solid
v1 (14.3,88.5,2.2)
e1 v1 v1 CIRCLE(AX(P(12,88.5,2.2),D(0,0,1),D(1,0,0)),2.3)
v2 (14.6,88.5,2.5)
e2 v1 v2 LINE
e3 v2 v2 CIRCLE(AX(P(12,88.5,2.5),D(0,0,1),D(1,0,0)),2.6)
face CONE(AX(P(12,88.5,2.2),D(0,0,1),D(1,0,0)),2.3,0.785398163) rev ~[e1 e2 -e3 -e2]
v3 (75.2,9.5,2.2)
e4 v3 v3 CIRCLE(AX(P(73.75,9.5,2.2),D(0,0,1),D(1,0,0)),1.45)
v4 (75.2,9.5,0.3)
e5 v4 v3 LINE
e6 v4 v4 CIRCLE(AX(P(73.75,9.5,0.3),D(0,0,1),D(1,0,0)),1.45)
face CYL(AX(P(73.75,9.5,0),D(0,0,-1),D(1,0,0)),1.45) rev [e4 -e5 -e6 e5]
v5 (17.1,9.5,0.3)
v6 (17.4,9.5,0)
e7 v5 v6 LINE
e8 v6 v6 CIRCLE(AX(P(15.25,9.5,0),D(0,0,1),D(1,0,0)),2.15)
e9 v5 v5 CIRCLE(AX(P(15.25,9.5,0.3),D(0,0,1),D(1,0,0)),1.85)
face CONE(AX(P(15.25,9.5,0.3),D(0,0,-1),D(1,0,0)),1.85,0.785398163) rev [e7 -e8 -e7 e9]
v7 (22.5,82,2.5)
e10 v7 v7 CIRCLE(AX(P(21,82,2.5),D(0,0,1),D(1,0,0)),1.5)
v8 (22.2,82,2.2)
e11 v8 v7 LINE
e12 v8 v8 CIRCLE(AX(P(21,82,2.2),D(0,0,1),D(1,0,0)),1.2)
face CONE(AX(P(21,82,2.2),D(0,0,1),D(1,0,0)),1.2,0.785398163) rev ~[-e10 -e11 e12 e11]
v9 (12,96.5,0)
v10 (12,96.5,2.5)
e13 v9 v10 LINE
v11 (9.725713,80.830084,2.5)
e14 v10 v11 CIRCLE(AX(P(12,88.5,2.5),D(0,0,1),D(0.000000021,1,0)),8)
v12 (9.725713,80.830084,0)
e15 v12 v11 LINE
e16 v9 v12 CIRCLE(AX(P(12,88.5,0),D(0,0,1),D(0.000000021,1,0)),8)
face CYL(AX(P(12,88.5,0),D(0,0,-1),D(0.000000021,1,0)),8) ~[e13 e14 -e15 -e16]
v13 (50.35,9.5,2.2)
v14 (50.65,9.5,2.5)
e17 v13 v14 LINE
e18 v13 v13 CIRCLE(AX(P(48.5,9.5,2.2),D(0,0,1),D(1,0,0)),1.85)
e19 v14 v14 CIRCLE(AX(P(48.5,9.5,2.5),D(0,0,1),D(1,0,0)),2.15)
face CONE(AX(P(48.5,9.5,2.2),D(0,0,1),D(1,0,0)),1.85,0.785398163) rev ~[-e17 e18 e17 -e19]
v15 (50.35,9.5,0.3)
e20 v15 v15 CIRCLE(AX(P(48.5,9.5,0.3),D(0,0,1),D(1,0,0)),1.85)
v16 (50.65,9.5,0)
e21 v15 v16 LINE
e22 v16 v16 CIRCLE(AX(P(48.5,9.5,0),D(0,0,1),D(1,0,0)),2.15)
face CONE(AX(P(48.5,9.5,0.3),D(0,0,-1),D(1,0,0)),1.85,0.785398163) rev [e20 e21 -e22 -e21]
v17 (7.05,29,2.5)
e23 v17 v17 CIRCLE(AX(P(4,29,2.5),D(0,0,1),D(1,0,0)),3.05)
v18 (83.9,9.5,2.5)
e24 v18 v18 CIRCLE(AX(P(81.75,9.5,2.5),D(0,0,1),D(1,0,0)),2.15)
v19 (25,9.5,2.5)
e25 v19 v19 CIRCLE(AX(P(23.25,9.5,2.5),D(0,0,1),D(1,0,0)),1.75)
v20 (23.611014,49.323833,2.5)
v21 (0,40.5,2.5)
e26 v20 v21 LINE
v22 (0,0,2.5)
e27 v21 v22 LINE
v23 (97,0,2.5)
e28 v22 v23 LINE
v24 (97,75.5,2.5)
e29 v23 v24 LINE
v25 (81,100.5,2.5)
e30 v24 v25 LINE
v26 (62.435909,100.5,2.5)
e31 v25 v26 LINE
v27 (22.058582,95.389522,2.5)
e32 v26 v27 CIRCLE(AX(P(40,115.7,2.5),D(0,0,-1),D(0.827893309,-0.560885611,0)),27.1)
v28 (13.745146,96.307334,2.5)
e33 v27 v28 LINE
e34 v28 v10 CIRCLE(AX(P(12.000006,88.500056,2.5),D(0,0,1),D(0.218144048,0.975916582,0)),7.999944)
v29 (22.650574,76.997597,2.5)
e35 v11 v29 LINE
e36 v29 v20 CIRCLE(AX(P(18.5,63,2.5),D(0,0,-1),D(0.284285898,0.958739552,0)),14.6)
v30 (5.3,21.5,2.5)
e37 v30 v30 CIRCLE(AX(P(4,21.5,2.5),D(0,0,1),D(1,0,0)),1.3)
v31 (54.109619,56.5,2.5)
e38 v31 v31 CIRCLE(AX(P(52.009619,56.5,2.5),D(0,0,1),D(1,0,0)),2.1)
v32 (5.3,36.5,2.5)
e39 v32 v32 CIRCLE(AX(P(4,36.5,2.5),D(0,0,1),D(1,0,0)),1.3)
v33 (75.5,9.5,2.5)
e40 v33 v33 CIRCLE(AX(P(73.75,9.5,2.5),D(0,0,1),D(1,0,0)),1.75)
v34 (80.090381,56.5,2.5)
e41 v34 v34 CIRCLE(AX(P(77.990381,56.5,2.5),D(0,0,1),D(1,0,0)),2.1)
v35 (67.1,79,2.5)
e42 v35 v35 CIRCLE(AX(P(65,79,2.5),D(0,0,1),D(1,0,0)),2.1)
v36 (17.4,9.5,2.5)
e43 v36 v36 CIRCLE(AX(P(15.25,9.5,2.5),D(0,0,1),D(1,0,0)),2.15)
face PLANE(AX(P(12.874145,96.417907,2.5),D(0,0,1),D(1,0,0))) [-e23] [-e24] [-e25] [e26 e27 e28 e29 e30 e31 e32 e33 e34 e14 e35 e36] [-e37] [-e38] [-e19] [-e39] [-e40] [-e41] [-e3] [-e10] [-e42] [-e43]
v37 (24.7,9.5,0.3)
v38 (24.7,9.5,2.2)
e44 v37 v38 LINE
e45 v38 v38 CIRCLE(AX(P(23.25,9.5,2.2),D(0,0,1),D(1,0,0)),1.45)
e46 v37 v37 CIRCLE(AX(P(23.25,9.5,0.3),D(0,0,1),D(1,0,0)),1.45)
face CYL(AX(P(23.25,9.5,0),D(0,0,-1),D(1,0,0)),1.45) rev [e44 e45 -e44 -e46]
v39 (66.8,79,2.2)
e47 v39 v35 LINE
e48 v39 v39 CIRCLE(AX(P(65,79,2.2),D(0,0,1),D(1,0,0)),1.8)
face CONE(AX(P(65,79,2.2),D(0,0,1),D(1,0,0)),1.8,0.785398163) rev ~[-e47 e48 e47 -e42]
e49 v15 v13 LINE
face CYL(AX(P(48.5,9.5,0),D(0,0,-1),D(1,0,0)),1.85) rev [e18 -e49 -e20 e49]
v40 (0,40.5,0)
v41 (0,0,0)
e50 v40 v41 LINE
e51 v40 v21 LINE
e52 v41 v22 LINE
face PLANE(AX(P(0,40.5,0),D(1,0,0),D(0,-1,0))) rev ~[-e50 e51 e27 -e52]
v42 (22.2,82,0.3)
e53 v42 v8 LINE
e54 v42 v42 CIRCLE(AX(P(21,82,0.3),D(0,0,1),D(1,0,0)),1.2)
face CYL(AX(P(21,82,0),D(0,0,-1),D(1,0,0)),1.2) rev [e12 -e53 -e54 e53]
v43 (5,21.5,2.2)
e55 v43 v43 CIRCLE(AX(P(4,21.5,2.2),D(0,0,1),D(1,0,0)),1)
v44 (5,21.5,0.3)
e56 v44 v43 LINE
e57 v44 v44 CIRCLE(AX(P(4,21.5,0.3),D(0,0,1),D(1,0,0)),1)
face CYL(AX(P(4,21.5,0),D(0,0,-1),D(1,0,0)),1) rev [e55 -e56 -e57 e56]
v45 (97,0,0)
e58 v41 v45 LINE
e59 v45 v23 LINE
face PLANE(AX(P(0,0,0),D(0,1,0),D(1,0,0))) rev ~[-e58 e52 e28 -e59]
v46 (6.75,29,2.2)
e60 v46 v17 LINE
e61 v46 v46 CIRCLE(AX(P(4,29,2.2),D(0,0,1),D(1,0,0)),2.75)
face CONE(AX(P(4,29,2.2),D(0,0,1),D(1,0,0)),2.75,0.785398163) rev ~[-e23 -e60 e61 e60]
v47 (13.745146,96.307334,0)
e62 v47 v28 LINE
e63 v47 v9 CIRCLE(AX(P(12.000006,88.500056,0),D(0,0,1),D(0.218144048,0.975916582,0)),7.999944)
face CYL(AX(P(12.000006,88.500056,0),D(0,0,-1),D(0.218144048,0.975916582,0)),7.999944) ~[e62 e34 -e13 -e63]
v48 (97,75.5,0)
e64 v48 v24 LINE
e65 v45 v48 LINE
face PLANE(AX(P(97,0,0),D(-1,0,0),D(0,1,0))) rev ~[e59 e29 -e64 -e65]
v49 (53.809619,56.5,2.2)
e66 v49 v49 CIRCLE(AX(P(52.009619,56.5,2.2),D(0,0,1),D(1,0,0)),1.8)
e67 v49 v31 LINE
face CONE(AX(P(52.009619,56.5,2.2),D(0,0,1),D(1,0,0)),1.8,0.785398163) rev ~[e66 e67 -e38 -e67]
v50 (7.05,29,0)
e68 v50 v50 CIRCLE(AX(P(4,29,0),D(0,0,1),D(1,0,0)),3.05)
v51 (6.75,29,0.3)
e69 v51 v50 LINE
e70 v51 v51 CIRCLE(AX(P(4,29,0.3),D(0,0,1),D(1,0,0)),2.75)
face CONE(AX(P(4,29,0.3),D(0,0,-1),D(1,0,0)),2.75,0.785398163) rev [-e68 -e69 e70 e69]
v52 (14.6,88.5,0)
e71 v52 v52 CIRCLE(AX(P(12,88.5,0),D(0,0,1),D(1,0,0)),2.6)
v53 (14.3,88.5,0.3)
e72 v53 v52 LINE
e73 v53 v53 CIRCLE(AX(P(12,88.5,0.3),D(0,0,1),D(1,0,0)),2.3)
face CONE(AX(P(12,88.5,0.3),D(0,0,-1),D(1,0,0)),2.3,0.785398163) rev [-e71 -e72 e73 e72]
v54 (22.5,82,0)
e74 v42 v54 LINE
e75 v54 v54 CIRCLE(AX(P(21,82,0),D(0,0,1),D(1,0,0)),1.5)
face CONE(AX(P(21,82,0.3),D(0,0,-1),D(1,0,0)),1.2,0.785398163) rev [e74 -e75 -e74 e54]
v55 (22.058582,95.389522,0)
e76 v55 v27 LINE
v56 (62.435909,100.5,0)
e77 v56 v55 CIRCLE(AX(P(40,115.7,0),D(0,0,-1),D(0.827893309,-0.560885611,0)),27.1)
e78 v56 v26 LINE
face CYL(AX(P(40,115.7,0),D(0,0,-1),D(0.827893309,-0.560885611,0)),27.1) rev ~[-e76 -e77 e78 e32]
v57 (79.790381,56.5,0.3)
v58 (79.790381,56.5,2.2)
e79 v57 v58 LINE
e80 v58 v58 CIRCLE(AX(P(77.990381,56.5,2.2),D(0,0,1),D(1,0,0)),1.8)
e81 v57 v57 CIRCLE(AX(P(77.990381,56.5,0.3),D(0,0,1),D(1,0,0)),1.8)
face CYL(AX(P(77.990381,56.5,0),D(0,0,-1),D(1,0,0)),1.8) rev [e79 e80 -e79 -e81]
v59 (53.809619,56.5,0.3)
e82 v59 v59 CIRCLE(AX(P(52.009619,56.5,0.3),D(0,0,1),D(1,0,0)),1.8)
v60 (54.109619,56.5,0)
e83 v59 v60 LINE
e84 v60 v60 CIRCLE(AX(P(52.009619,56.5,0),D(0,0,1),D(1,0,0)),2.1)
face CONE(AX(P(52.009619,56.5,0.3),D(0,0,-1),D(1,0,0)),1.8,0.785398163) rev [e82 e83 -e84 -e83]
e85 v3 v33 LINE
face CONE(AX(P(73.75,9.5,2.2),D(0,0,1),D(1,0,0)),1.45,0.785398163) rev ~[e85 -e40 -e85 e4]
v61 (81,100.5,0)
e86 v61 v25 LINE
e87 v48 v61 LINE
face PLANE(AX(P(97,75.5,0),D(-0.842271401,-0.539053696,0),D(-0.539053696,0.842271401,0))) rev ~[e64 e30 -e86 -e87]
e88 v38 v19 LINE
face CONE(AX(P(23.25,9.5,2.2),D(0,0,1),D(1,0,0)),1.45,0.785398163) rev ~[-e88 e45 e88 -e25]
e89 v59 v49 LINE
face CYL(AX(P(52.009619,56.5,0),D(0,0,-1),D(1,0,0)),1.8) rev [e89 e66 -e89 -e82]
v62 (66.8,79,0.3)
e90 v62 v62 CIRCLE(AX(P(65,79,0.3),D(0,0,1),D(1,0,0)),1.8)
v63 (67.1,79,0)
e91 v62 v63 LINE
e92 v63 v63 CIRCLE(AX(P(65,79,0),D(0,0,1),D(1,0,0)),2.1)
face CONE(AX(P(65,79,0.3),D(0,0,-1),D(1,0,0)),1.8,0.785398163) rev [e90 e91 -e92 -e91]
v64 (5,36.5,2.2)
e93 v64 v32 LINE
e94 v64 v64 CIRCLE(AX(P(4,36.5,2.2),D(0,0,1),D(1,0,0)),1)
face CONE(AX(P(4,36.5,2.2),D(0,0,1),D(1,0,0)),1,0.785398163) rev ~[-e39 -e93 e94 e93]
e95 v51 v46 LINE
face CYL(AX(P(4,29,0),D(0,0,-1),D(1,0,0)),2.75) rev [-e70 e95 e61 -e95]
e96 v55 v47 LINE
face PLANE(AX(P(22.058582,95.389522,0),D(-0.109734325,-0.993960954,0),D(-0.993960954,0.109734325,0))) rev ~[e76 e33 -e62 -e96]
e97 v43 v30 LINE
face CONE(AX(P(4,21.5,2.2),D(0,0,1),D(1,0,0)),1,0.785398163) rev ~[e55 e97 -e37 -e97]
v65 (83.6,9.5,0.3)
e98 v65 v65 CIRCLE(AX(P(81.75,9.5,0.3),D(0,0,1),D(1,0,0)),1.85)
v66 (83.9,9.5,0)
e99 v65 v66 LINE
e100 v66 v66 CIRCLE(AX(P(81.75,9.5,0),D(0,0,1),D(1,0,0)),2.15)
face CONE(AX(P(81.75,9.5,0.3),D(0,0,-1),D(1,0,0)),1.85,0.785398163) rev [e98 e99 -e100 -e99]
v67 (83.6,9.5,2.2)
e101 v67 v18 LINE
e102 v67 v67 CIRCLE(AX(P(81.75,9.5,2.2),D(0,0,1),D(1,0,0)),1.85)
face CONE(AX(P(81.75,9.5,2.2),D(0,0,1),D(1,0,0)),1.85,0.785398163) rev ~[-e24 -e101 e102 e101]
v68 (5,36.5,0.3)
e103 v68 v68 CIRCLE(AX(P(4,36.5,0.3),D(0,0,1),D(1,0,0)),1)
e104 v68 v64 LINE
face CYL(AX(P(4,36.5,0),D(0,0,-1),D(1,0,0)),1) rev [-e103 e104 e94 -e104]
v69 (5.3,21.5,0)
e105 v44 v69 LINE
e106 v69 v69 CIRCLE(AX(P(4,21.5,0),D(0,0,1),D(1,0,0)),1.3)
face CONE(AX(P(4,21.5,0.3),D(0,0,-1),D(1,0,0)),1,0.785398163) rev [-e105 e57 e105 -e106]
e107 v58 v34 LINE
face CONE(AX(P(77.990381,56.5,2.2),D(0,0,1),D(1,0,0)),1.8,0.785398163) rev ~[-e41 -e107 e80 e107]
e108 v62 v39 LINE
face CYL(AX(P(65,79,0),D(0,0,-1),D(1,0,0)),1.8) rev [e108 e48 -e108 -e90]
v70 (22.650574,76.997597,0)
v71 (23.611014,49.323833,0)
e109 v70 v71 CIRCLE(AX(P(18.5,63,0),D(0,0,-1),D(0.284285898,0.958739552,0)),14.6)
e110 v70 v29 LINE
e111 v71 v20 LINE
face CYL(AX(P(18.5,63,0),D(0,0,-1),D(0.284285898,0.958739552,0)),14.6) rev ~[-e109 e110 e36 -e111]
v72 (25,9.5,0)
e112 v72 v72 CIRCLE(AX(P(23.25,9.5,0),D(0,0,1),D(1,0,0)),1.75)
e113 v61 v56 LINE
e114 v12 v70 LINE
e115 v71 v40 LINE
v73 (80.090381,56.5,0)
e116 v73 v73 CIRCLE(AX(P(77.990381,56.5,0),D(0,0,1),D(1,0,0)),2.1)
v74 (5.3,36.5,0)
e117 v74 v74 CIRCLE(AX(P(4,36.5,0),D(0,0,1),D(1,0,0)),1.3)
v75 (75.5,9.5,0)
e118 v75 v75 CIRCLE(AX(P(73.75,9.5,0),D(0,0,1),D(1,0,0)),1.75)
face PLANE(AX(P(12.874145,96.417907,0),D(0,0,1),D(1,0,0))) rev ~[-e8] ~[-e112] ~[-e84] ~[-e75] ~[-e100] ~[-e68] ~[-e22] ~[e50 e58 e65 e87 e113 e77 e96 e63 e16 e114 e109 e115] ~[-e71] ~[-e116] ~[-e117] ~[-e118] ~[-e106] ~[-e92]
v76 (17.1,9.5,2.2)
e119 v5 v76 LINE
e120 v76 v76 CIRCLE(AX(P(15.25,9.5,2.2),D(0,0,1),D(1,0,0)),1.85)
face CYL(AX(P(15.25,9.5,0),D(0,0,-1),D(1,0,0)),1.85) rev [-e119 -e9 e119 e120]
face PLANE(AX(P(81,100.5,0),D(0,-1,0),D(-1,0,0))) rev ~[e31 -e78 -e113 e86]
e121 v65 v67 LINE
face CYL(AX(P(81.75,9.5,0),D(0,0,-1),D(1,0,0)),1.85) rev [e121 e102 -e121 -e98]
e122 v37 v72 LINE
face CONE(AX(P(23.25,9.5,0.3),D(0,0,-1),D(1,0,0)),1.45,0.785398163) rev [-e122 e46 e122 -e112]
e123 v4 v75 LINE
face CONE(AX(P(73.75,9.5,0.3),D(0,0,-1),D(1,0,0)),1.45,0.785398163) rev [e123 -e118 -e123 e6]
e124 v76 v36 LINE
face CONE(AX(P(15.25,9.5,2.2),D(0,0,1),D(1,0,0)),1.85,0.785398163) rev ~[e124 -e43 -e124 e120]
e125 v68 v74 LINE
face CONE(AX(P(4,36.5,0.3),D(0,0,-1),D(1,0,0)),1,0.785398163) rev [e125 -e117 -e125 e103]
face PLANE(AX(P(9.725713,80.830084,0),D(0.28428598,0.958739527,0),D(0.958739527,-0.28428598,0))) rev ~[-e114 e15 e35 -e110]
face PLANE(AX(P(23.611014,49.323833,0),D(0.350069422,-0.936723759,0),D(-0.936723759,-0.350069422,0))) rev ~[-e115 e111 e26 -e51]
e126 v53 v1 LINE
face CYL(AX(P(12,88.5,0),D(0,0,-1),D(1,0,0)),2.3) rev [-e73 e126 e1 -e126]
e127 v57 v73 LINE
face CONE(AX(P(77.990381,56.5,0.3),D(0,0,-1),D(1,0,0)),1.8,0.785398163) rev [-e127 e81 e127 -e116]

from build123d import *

# Parameters (mm, degrees)
F0_R     = 1.85
F0_R_2   = 1.45
F0_R_3   = 1
F0_R_4   = 2.75
F0_R_5   = 1.2
F0_R_6   = 2.3
F0_R_7   = 1.8
F1_DEPTH = 2.5
F2_SIZE  = 0.3


with BuildPart() as f1:
    # F0 (on Top) → F1 (new body)
    with BuildSketch(Plane.XY):
        with BuildLine():
            ThreePointArc((13.745146, 96.307334), (12.877874, 96.451688), (12, 96.5))
            Line((12, 96.5), (13.745146, 96.307334))
        make_face()
        with BuildLine():
            Line((0, 40.5), (0, 0))
            Line((0, 0), (97, 0))
            Line((97, 0), (97, 75.5))
            Line((97, 75.5), (81, 100.5))
            Line((81, 100.5), (62.435909, 100.5))
            ThreePointArc((62.435909, 100.5), (43.402845, 88.81449), (22.058582, 95.389522))
            Line((22.058582, 95.389522), (13.745146, 96.307334))
            Line((13.745146, 96.307334), (12, 96.5))
            ThreePointArc((12, 96.5), (4.082951, 89.649058), (9.725713, 80.830084))
            Line((9.725713, 80.830084), (22.650574, 76.997597))
            ThreePointArc((22.650574, 76.997597), (33.091215, 63.506399), (23.611014, 49.323833))
            Line((23.611014, 49.323833), (0, 40.5))
        make_face()
        with Locations((15.25, 9.5)):
            Circle(F0_R, mode=Mode.SUBTRACT)
        with Locations((23.25, 9.5)):
            Circle(F0_R_2, mode=Mode.SUBTRACT)
        with Locations((4, 21.5)):
            Circle(F0_R_3, mode=Mode.SUBTRACT)
        with Locations((4, 29)):
            Circle(F0_R_4, mode=Mode.SUBTRACT)
        with Locations((4, 36.5)):
            Circle(F0_R_3, mode=Mode.SUBTRACT)
        with Locations((48.5, 9.5)):
            Circle(F0_R, mode=Mode.SUBTRACT)
        with Locations((73.75, 9.5)):
            Circle(F0_R_2, mode=Mode.SUBTRACT)
        with Locations((81.75, 9.5)):
            Circle(F0_R, mode=Mode.SUBTRACT)
        with Locations((21, 82)):
            Circle(F0_R_5, mode=Mode.SUBTRACT)
        with Locations((12, 88.5)):
            Circle(F0_R_6, mode=Mode.SUBTRACT)
        with Locations((52.009619, 56.5)):
            Circle(F0_R_7, mode=Mode.SUBTRACT)
        with Locations((77.990381, 56.5)):
            Circle(F0_R_7, mode=Mode.SUBTRACT)
        with Locations((65, 79)):
            Circle(F0_R_7, mode=Mode.SUBTRACT)
    extrude(amount=F1_DEPTH)

    # F2
    f2_edges = [f1.edges().sort_by_distance(p)[0] for p in [
        (9.7, 88.5, 2.5),
        (19.8, 82, 2.5),
        (63.2, 79, 2.5),
        (50.209619, 56.5, 2.5),
        (76.190381, 56.5, 2.5),
        (3, 36.5, 2.5),
        (1.25, 29, 2.5),
        (3, 21.5, 2.5),
        (13.4, 9.5, 2.5),
        (21.8, 9.5, 2.5),
        (46.65, 9.5, 2.5),
        (72.3, 9.5, 2.5),
        (79.9, 9.5, 2.5),
        (13.4, 9.5, 0),
        (21.8, 9.5, 0),
        (46.65, 9.5, 0),
        (72.3, 9.5, 0),
        (79.9, 9.5, 0),
        (76.190381, 56.5, 0),
        (50.209619, 56.5, 0),
        (19.8, 82, 0),
        (9.7, 88.5, 0),
        (63.2, 79, 0),
        (3, 21.5, 0),
        (1.25, 29, 0),
        (3, 36.5, 0),
    ]]
    chamfer(f2_edges, length=F2_SIZE)


solid = f1.part
